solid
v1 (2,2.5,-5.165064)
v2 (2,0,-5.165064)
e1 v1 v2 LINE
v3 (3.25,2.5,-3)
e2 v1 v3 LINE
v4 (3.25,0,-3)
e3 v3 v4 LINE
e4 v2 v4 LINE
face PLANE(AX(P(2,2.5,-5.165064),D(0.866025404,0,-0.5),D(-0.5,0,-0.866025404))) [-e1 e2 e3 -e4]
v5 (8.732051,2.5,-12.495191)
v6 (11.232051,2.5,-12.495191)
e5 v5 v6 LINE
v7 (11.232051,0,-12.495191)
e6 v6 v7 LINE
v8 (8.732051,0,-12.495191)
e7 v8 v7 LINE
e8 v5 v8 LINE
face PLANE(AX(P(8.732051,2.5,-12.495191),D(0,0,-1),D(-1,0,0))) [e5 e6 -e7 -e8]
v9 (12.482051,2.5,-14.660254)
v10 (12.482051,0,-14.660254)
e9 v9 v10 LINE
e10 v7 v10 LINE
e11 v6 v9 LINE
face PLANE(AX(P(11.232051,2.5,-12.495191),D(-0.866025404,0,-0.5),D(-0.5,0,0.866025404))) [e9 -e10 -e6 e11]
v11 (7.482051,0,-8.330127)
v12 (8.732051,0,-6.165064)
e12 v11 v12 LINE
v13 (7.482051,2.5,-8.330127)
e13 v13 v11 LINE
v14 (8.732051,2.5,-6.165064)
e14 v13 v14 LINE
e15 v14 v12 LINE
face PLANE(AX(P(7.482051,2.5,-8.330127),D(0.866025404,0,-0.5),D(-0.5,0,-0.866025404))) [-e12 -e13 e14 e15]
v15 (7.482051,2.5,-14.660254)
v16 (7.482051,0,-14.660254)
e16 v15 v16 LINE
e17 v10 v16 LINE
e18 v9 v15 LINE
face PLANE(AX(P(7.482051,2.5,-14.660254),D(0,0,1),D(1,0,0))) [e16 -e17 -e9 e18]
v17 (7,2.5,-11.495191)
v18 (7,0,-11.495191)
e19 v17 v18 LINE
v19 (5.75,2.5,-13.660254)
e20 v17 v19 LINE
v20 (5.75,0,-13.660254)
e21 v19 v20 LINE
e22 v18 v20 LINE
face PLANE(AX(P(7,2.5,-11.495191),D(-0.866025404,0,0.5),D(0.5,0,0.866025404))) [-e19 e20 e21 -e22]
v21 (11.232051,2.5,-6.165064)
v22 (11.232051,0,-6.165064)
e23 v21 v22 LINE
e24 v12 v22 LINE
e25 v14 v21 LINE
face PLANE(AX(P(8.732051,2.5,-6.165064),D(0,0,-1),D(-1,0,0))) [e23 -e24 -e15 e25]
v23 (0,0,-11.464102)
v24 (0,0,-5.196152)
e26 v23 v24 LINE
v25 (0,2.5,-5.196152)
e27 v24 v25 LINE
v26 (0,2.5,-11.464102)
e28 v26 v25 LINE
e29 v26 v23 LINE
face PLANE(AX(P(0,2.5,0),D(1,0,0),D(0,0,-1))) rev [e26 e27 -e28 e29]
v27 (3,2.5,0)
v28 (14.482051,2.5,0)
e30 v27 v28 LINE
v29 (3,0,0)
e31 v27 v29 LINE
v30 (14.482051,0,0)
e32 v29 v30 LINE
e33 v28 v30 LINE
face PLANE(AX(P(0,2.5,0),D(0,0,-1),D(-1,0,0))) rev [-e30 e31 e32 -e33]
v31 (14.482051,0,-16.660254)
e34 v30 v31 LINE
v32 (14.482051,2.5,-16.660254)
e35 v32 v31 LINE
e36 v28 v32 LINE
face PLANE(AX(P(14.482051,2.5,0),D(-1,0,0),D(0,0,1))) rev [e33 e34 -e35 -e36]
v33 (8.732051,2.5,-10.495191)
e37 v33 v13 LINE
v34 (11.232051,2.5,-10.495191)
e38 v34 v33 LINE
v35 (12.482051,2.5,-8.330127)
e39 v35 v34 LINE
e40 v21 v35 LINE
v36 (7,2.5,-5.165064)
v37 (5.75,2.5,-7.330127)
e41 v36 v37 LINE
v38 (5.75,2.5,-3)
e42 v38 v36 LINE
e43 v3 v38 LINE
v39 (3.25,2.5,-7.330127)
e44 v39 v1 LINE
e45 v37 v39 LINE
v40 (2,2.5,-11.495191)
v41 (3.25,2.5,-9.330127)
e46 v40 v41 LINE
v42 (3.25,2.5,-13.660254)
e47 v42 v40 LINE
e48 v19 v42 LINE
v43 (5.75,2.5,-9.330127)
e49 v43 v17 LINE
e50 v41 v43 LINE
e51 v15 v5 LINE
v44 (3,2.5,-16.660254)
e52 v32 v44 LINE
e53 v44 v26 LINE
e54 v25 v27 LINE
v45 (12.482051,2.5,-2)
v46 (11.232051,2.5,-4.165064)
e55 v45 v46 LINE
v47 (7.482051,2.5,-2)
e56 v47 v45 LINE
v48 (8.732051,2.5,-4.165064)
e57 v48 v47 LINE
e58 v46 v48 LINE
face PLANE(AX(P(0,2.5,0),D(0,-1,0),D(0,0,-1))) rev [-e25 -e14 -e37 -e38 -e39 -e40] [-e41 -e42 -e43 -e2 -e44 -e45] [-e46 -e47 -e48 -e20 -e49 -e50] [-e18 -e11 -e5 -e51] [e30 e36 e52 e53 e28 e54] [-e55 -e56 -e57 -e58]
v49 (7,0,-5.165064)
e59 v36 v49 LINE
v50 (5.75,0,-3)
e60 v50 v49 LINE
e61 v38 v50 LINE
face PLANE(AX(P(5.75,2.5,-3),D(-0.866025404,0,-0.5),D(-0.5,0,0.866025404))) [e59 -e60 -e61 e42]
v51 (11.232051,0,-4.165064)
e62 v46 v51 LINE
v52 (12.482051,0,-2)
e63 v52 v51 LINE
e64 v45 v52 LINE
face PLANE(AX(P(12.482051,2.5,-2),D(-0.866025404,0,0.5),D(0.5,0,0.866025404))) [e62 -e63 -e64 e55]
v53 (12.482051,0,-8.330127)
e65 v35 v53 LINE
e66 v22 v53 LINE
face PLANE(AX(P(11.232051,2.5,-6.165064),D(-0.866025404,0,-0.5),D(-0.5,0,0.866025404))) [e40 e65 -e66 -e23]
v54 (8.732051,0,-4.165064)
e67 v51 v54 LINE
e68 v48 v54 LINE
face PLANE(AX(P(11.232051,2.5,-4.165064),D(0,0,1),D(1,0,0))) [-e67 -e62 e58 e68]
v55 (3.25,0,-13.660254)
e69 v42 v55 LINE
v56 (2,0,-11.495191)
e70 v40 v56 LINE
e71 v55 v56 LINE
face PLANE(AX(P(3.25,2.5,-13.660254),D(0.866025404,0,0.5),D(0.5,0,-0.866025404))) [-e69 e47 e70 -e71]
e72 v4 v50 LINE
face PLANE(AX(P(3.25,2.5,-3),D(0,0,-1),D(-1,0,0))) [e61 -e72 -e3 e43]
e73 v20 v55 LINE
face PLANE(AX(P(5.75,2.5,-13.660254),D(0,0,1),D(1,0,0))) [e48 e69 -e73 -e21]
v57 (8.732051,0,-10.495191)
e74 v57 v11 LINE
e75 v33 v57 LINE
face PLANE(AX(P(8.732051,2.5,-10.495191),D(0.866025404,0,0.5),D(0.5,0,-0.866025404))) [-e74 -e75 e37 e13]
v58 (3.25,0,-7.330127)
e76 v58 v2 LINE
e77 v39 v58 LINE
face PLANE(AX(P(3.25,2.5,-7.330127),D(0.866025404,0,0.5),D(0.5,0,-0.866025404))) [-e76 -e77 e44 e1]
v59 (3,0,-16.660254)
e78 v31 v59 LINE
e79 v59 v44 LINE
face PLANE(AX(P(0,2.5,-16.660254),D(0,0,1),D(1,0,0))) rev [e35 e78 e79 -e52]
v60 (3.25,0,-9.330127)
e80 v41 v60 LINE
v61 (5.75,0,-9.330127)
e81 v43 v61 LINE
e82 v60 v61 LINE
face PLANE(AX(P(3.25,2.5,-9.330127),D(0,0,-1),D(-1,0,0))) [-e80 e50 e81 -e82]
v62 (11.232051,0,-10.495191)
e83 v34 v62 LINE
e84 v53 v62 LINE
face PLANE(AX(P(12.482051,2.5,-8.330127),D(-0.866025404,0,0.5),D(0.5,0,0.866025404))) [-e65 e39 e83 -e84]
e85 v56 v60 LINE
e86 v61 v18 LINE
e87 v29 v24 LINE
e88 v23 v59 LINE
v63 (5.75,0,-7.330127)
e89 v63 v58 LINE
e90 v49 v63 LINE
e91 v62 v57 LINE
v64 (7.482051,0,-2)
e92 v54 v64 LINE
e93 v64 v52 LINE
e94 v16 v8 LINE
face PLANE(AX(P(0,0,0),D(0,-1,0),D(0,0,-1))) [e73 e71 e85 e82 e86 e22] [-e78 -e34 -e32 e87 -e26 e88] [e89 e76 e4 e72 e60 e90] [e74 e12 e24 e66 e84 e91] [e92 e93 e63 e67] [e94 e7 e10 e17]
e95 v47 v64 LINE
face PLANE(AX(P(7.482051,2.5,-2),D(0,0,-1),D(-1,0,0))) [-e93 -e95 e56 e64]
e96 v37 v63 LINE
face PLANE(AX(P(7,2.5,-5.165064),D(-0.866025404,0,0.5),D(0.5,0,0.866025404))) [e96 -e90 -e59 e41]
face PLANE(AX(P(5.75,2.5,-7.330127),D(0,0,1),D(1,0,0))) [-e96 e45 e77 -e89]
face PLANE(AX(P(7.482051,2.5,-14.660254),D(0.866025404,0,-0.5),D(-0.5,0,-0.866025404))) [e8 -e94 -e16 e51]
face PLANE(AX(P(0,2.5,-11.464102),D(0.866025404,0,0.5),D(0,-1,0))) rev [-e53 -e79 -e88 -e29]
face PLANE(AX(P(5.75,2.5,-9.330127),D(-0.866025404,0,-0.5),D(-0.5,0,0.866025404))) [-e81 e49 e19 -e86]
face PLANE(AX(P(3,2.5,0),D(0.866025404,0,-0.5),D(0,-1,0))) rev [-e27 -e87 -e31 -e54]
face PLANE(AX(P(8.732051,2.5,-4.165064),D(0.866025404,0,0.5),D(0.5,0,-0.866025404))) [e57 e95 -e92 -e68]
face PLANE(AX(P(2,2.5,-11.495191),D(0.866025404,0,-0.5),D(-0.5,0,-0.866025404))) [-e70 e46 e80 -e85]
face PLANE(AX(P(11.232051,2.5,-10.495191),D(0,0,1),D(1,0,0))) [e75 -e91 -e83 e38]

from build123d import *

# Parameters (mm, degrees)
SKETCH1_W             = 14.482050808
SKETCH1_H             = 16.660254038
BOSS_EXTRUDE1_DEPTH   = 2.5
CHAMFER1_SIZE         = 3
CHAMFER1_SIZE2        = 5.196152423
CHAMFER1_PART_2_SIZE  = 3
CHAMFER1_PART_2_SIZE2 = 5.196152423


with BuildPart() as part:
    # Sketch1 → Boss-Extrude1 (new body)
    with BuildSketch(Plane(origin=(0, 0, 0), x_dir=(1, 0, 0), z_dir=(0, 1, 0))):
        with Locations((7.241025404, 8.330127019)):
            Rectangle(SKETCH1_W, SKETCH1_H)
        Polygon((7.482050808, 14.660254038), (12.482050808, 14.660254038), (11.232050808, 12.495190528), (8.732050808, 12.495190528), align=None, mode=Mode.SUBTRACT)
        Polygon((7, 11.495190528), (5.75, 13.660254038), (3.25, 13.660254038), (2, 11.495190528), (3.25, 9.330127019), (5.75, 9.330127019), align=None, mode=Mode.SUBTRACT)
        Polygon((7, 5.165063509), (5.75, 7.330127019), (3.25, 7.330127019), (2, 5.165063509), (3.25, 3), (5.75, 3), align=None, mode=Mode.SUBTRACT)
        Polygon((12.482050808, 8.330127019), (11.232050808, 10.495190528), (8.732050808, 10.495190528), (7.482050808, 8.330127019), (8.732050808, 6.165063509), (11.232050808, 6.165063509), align=None, mode=Mode.SUBTRACT)
        Polygon((7.482050808, 2), (12.482050808, 2), (11.232050808, 4.165063509), (8.732050808, 4.165063509), align=None, mode=Mode.SUBTRACT)
    extrude(amount=BOSS_EXTRUDE1_DEPTH)

    # Chamfer1
    chamfer1_edges = [part.edges().sort_by_distance(p)[0] for p in [
        (0, 1.25, -16.660254038),
    ]]
    chamfer1_side = [part.faces().sort_by_distance(p)[0] for p in [
        (7.241025404, 1.25, -16.660254038),
    ]]
    chamfer(chamfer1_edges, length=CHAMFER1_SIZE, length2=CHAMFER1_SIZE2, reference=chamfer1_side[0])

    # Chamfer1 part 2
    chamfer1_part_2_edges = [part.edges().sort_by_distance(p)[0] for p in [
        (0, 1.25, 0),
    ]]
    chamfer1_part_2_side = [part.faces().sort_by_distance(p)[0] for p in [
        (7.241025404, 1.25, 0),
    ]]
    chamfer(chamfer1_part_2_edges, length=CHAMFER1_PART_2_SIZE, length2=CHAMFER1_PART_2_SIZE2, reference=chamfer1_part_2_side[0])


solid = part.part
